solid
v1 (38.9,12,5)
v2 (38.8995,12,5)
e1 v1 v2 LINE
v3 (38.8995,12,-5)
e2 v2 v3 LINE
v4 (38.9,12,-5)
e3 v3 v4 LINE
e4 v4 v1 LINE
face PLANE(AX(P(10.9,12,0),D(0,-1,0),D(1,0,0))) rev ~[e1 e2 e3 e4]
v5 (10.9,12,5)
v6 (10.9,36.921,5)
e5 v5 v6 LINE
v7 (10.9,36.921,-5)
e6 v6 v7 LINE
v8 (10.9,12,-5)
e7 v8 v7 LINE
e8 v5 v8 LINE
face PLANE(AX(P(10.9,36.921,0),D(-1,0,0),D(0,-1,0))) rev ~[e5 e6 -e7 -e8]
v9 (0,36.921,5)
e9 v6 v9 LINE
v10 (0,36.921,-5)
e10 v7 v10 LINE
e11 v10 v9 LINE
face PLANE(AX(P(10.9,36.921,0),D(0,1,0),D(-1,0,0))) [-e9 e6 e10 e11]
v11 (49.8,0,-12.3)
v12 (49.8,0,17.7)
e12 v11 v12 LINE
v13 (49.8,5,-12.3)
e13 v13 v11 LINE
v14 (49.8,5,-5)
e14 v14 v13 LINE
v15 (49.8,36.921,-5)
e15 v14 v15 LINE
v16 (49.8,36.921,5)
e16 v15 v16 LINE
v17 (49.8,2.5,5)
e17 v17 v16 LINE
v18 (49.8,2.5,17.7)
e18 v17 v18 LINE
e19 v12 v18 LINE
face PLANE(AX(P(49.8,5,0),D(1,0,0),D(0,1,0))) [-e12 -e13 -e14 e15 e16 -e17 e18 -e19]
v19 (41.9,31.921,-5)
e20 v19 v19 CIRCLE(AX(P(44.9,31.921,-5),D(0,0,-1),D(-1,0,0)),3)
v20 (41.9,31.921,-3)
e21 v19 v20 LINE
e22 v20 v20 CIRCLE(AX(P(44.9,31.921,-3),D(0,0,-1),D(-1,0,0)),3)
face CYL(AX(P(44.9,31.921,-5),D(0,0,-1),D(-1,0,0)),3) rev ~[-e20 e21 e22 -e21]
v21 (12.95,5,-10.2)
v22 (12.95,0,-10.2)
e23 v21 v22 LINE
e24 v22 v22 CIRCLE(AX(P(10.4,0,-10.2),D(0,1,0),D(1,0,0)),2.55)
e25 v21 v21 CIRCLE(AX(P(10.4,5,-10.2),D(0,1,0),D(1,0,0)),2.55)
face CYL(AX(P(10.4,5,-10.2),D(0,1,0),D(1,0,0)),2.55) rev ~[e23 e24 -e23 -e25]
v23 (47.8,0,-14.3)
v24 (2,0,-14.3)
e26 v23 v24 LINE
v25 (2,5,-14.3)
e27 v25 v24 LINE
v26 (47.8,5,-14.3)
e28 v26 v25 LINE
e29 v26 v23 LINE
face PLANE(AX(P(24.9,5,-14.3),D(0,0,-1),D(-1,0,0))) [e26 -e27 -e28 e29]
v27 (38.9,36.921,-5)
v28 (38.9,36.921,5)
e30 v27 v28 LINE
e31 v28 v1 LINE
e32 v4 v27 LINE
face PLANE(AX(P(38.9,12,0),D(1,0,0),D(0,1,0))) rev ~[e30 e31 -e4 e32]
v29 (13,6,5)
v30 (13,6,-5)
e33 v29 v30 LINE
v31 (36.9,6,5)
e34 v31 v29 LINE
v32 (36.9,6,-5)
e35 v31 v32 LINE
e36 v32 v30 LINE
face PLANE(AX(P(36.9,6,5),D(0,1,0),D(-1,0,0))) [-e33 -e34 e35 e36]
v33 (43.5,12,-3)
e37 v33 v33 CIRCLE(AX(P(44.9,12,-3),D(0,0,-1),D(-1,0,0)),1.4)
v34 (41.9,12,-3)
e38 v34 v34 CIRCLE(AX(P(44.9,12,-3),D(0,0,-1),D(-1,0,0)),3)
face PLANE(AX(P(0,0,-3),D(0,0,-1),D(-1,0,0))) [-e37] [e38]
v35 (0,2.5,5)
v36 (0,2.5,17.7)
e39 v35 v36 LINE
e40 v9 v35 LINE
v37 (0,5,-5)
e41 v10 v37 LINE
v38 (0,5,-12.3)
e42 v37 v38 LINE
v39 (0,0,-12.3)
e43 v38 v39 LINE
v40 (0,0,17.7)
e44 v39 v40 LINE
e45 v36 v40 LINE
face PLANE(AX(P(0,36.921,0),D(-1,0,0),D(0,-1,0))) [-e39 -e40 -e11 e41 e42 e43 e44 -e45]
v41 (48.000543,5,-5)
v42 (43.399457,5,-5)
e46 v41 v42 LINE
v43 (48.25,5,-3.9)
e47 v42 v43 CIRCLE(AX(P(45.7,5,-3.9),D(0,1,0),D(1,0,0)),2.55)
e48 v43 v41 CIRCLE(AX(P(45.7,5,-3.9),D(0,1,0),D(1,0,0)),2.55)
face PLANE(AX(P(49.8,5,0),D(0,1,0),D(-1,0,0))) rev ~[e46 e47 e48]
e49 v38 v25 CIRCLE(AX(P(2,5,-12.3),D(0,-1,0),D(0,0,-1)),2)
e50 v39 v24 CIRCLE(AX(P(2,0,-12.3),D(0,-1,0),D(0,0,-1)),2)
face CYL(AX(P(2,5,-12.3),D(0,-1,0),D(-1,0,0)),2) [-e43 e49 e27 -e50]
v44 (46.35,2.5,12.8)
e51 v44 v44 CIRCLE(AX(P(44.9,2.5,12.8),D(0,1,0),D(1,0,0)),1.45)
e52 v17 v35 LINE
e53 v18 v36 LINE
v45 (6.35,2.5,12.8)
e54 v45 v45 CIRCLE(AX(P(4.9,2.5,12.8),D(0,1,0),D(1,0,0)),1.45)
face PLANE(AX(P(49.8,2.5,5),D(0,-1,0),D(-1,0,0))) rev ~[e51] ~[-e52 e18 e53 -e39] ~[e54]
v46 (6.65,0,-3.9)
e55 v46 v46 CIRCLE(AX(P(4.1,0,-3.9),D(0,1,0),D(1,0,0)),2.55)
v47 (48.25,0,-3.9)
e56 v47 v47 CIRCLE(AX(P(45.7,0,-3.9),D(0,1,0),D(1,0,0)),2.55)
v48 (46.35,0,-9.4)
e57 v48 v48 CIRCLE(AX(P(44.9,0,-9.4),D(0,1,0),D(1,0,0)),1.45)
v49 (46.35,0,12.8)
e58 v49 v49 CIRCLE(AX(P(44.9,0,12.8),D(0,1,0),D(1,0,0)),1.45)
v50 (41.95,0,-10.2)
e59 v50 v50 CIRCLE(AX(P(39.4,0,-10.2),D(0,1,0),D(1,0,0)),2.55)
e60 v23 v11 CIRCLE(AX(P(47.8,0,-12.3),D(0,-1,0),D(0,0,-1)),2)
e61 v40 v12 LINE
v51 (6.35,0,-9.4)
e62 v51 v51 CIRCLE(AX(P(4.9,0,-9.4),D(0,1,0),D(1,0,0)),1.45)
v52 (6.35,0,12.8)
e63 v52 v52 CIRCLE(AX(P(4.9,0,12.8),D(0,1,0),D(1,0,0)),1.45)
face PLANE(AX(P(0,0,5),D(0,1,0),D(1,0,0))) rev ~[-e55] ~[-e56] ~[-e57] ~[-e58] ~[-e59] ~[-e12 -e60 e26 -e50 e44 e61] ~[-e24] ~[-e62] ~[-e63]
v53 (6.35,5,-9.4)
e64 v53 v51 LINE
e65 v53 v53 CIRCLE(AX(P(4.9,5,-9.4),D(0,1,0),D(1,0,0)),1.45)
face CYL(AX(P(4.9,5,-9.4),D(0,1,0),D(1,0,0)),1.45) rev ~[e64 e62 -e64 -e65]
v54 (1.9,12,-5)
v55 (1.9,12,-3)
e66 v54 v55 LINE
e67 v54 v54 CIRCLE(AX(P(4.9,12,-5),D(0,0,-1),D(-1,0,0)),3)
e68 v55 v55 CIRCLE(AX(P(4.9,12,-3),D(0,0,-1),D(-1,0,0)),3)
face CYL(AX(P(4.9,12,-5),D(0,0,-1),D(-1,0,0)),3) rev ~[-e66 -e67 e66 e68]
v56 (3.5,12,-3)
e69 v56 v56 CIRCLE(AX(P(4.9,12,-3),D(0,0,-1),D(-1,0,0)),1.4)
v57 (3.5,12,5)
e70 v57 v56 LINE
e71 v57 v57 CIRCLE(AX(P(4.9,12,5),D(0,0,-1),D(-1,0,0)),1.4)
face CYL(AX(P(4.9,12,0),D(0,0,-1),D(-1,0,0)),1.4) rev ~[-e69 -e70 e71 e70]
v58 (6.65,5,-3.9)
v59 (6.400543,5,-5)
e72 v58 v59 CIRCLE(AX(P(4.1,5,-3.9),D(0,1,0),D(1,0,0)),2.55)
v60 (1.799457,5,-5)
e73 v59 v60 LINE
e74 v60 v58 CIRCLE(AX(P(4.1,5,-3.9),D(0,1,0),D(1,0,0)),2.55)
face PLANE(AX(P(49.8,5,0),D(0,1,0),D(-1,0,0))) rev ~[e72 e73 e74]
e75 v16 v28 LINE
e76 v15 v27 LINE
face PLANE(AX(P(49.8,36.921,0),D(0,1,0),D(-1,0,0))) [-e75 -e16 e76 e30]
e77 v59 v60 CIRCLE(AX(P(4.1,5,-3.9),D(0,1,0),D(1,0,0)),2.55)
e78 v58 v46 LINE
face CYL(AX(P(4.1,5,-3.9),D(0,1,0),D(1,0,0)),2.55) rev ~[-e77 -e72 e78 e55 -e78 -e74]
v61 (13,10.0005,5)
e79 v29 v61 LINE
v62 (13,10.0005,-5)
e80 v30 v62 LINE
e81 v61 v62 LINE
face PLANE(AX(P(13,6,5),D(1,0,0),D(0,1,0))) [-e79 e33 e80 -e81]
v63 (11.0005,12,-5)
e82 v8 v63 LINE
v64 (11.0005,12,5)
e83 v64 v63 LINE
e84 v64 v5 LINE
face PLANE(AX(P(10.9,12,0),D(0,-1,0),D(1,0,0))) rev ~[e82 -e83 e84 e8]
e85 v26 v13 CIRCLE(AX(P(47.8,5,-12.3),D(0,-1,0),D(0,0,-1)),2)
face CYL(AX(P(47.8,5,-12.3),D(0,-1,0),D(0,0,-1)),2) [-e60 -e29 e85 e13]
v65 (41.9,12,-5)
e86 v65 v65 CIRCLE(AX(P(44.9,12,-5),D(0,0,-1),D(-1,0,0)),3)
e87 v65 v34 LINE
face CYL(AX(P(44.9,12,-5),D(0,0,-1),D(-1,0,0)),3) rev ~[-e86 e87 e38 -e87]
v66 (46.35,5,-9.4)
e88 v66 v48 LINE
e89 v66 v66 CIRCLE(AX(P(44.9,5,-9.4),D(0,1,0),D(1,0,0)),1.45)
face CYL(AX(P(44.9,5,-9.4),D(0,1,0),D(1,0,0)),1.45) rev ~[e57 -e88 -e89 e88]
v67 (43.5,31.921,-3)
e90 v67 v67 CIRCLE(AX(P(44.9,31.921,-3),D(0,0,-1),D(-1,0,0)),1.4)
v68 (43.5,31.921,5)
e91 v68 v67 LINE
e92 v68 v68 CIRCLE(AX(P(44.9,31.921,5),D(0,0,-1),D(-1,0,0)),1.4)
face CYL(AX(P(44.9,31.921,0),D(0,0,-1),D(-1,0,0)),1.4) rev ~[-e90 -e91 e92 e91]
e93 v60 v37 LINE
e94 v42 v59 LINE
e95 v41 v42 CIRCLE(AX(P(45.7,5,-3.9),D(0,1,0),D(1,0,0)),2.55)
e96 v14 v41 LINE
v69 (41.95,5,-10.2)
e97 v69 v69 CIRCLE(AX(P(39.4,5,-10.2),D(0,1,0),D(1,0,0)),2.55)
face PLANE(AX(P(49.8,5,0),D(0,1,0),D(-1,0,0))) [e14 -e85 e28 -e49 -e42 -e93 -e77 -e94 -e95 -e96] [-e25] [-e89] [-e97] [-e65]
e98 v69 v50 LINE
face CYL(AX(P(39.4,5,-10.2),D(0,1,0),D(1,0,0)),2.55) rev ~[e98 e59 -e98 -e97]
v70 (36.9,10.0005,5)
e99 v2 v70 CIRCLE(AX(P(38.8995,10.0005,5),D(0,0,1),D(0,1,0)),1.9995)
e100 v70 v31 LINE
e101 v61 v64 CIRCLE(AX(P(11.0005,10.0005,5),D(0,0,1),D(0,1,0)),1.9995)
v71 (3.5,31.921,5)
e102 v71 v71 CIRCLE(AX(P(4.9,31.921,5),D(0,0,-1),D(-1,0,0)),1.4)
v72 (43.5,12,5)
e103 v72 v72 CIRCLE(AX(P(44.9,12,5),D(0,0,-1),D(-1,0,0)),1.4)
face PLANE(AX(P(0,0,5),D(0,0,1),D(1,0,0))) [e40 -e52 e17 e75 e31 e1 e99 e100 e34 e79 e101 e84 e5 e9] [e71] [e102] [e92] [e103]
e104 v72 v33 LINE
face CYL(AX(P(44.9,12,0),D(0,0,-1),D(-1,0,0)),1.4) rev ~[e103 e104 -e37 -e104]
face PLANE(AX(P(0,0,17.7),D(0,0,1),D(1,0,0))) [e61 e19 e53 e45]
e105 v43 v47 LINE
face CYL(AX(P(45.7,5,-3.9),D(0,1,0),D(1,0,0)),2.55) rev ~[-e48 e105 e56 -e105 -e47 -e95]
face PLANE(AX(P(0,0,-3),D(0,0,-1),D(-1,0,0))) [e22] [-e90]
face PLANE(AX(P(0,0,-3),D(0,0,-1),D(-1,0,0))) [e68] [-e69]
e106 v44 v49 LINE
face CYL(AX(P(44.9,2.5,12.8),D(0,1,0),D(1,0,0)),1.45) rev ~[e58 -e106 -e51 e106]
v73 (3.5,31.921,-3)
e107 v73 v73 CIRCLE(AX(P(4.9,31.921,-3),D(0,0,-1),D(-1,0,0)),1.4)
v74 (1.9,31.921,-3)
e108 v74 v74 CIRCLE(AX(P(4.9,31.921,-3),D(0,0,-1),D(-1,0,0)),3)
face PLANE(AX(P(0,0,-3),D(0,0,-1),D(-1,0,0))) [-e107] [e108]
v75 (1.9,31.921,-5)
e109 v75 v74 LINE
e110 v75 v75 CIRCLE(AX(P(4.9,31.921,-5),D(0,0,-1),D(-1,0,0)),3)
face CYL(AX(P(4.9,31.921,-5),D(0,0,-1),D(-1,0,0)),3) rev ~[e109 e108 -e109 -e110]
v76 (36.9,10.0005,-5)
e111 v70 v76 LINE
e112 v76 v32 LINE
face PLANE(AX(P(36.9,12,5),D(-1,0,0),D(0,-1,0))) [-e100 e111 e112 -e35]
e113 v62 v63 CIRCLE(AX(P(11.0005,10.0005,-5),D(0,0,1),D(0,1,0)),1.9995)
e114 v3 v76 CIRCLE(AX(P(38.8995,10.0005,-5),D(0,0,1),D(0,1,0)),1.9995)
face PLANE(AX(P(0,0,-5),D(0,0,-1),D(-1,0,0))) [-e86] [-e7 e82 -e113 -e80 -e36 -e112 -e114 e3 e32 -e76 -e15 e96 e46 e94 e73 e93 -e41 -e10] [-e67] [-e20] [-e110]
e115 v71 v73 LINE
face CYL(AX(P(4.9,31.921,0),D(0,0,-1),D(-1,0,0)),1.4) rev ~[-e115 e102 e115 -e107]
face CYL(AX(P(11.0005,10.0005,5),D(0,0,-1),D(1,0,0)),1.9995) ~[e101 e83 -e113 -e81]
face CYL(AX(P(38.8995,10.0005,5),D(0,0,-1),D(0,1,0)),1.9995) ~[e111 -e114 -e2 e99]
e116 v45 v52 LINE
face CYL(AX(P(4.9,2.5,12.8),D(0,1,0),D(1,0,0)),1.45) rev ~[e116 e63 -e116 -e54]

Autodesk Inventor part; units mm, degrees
ref_plane "YZ Plane" through (0, 0, 0) normal (1, 0, 0) x (0, 1, 0)
ref_plane "XZ Plane" through (0, 0, 0) normal (0, 1, 0) x (-1, 0, 0)
ref_plane "XY Plane" through (0, 0, 0) normal (0, 0, 1) x (1, 0, 0)
sketch "Sketch1" plane through (0, 0, 0) normal (0, 0, 1) x (1, 0, 0)
  line L0 (0, 0) -> (49.8, 0)
  line L1 (49.8, 0) -> (49.8, 36.921)
  line L2 (49.8, 36.921) -> (0, 36.921)
  line L3 (0, 36.921) -> (0, 0)
  dimension "d0" = 49.8
  dimension "d1" = 36.921
extrude "Extrusion1" add sketch "Sketch1" along normal blind 5
sketch "Sketch2" plane through (0, 0, 0) normal (0, 0, -1) x (-1, 0, 0)
  line L0 (0, 0) -> (-49.8, 0) projected
  line L1 (0, 0) -> (-49.8, 0)
  line L2 (-49.8, 0) -> (-49.8, 5)
  line L3 (-49.8, 5) -> (0, 5)
  line L4 (0, 5) -> (0, 0)
  dimension "d4" = 49.8
  dimension "d5" = 5
extrude "Extrusion2" add sketch "Sketch2" along normal blind 30
sketch "Sketch4" plane through (0, 0, 0) normal (0, 0, -1) x (-1, 0, 0)
  line L0 (-38.9, 36.921) -> (-10.9, 36.921)
  line L1 (-10.9, 36.921) -> (-10.9, 12)
  line L2 (-10.9, 12) -> (-38.9, 12)
  line L3 (-38.9, 12) -> (-38.9, 36.921)
  line L4 (0, 36.921) -> (0, 5) projected
  line L5 (0, 5) -> (-49.8, 5) projected
  point P0 (0, 0)
  dimension "d24" = 28
  dimension "d25" = 24.921
  dimension "d26" = 10.9
  dimension "d27" = 7
extrude "Extrusion3" cut sketch "Sketch4" against normal through all
sketch "Sketch6" plane through (0, 5, 0) normal (0, 1, 0) x (1, 0, 0)
  line L0 (0, -32.5) -> (49.8, -32.5)
  line L1 (49.8, -32.5) -> (49.8, 17.3)
  line L2 (49.8, 17.3) -> (0, 17.3)
  line L3 (0, 17.3) -> (0, -32.5)
  circle A0 centre (44.9, 9.4) radius 1.45
  circle A1 centre (4.9, 9.4) radius 1.45
  line L4 (24.9, 17.3) -> (24.9, 7.3)
  circle A2 centre (45.7, 3.9) radius 2.55
  circle A3 centre (39.4, 10.2) radius 2.55
  circle A4 centre (4.1, 3.9) radius 2.55
  circle A5 centre (10.4, 10.2) radius 2.55
  line L5 (49.8, 0) -> (49.8, 30) projected
  line L6 (0, 17.3) -> (49.8, 17.3)
  line L7 (49.8, 17.3) -> (49.8, 30)
  line L8 (49.8, 30) -> (0, 30)
  line L9 (0, 30) -> (0, 17.3)
  line L10 (49.8, 30) -> (49.8, -5) projected
  line L11 (0, 17.3) -> (49.8, 17.3)
  line L12 (49.8, 17.3) -> (49.8, 14.3)
  line L13 (49.8, 14.3) -> (0, 14.3)
  line L14 (0, 14.3) -> (0, 17.3)
  point P0 (0, 0)
  dimension "d36" = 49.8
  dimension "d37" = 49.8
  dimension "d38" = 2.9
  dimension "d39" = 4.9
  dimension "d40" = 7.9
  dimension "d41" = 2.9
  dimension "d42" = 4.9
  dimension "d43" = 7.9
  dimension "d44" = 10
  dimension "d45" = 5.1
  dimension "d46" = 5.1
  dimension "d47" = 4.1
  dimension "d48" = 13.4
  dimension "d49" = 10.4
  dimension "d50" = 7.1
  dimension "d64" = 3
extrude "Extrusion5" cut sketch "Sketch6" against normal through all contours L3 L2 L4 L13 | L9 L8 L5 L2 | L4 L2 L1 L13 | A0 | A1 | A2 | A3 | A4 | A5
sketch "Sketch8" plane through (0, 0, 5) normal (0, 0, 1) x (1, 0, 0)
  line L0 (0, 0) -> (49.8, 0) projected
  line L1 (0, 0) -> (49.8, 0)
  line L2 (49.8, 0) -> (49.8, 2.5)
  line L3 (49.8, 2.5) -> (0, 2.5)
  line L4 (0, 2.5) -> (0, 0)
  dimension "d53" = 2.5
extrude "Extrusion6" add sketch "Sketch8" along normal blind 12.7
sketch "Sketch9" plane through (0, 2.5, 5) normal (0, 1, 0) x (1, 0, 0)
  circle A0 centre (44.9, -7.8) radius 1.45
  circle A1 centre (4.9, -7.8) radius 1.45
  line L0 (0, 0) -> (0, -12.7) projected
  line L1 (49.8, -12.7) -> (0, -12.7) projected
  line L2 (49.8, 0) -> (49.8, -12.7) projected
  point P0 (0, 5)
  dimension "d56" = 2.9
  dimension "d57" = 2.9
  dimension "d58" = 4.9
  dimension "d59" = 4.9
  dimension "d60" = 4.9
  dimension "d61" = 4.9
extrude "Extrusion7" cut sketch "Sketch9" against normal through all
fillet "Fillet1" radius 2 2 edges at (49.8, 2.5, -14.3) (0, 2.5, -14.3)
sketch "Sketch10" plane through (0, 0, 0) normal (0, 0, -1) x (-1, 0, 0)
  line L0 (-10.9, 36.921) -> (-10.9, 12) projected
  line L1 (-10.9, 12) -> (-38.9, 12) projected
  line L2 (-38.9, 12) -> (-38.9, 36.921) projected
  line L3 (-49.8, 36.921) -> (-38.9, 36.921) projected
  line L4 (-49.8, 5) -> (-49.8, 36.921) projected
  line L5 (-49.8, 5) -> (0, 5) projected
  line L6 (0, 36.921) -> (0, 5) projected
  line L7 (-10.9, 36.921) -> (0, 36.921) projected
  line L8 (-10.9, 18.4272) -> (-10.9, 27.6034)
  point P0 (0, 0)
extrude "Extrusion8" add sketch "Sketch10" along normal blind 5
sketch "Sketch3" plane through (0, 0, 0) normal (0, 0, -1) x (-1, 0, 0)
  circle A0 centre (-44.9, 31.921) radius 1.4
  circle A1 centre (-4.9, 31.921) radius 1.4
  circle A2 centre (-4.9, 12) radius 1.4
  line L0 (-49.8, 5) -> (-49.8, 36.921) projected
  line L1 (-49.8, 36.921) -> (0, 36.921) projected
  line L2 (0, 36.921) -> (0, 5) projected
  line L3 (0, 5) -> (-49.8, 5) projected
  circle A3 centre (-44.9, 12) radius 1.4
  point P0 (0, 0)
  dimension "d8" = 2.8
  dimension "d9" = 2.8
  dimension "d10" = 2.8
  dimension "d11" = 4.9
  dimension "d12" = 5
  dimension "d13" = 5
  dimension "d14" = 4.9
  dimension "d15" = 4.9
  dimension "d16" = 7
  dimension "d30" = 2.8
  dimension "d31" = 4.9
  dimension "d32" = 7
extrude "Extrusion9" cut sketch "Sketch3" against normal blind 5 and the other way blind 5 contours A0 | A1 | A2 | A3
sketch "Sketch11" plane through (0, 0, -5) normal (0, 0, -1) x (-1, 0, 0)
  circle A0 centre (-44.9, 31.921) radius 1.4 projected
  circle A1 centre (-44.9, 31.921) radius 3
  circle A2 centre (-44.9, 12) radius 1.4 projected
  circle A3 centre (-44.9, 12) radius 3
  circle A4 centre (-4.9, 31.921) radius 1.4 projected
  circle A5 centre (-4.9, 31.921) radius 3
  circle A6 centre (-4.9, 12) radius 1.4 projected
  circle A7 centre (-4.9, 12) radius 3
  point P0 (0, 0)
  dimension "d72" = 6
  dimension "d73" = 6
  dimension "d74" = 6
  dimension "d75" = 6
extrude "Extrusion10" cut sketch "Sketch11" against normal blind 2
sketch "Sketch12" plane through (0, 0, 5) normal (0, 0, 1) x (1, 0, 0)
  line L0 (38.9, 12) -> (10.9, 12) projected
  line L1 (13, 12) -> (36.9, 12)
  line L2 (36.9, 12) -> (36.9, 6)
  line L3 (36.9, 6) -> (13, 6)
  line L4 (13, 6) -> (13, 12)
  point P0 (0, 0)
  dimension "d78" = 23.9
  dimension "d79" = 6
extrude "Extrusion11" cut sketch "Sketch12" against normal blind 10
fillet "Fillet2" radius 2 2 edges at (13, 12, 0) (36.9, 12, 0)
properties part number "30_CUBE_openSIM_DMD_Fixation_base"
